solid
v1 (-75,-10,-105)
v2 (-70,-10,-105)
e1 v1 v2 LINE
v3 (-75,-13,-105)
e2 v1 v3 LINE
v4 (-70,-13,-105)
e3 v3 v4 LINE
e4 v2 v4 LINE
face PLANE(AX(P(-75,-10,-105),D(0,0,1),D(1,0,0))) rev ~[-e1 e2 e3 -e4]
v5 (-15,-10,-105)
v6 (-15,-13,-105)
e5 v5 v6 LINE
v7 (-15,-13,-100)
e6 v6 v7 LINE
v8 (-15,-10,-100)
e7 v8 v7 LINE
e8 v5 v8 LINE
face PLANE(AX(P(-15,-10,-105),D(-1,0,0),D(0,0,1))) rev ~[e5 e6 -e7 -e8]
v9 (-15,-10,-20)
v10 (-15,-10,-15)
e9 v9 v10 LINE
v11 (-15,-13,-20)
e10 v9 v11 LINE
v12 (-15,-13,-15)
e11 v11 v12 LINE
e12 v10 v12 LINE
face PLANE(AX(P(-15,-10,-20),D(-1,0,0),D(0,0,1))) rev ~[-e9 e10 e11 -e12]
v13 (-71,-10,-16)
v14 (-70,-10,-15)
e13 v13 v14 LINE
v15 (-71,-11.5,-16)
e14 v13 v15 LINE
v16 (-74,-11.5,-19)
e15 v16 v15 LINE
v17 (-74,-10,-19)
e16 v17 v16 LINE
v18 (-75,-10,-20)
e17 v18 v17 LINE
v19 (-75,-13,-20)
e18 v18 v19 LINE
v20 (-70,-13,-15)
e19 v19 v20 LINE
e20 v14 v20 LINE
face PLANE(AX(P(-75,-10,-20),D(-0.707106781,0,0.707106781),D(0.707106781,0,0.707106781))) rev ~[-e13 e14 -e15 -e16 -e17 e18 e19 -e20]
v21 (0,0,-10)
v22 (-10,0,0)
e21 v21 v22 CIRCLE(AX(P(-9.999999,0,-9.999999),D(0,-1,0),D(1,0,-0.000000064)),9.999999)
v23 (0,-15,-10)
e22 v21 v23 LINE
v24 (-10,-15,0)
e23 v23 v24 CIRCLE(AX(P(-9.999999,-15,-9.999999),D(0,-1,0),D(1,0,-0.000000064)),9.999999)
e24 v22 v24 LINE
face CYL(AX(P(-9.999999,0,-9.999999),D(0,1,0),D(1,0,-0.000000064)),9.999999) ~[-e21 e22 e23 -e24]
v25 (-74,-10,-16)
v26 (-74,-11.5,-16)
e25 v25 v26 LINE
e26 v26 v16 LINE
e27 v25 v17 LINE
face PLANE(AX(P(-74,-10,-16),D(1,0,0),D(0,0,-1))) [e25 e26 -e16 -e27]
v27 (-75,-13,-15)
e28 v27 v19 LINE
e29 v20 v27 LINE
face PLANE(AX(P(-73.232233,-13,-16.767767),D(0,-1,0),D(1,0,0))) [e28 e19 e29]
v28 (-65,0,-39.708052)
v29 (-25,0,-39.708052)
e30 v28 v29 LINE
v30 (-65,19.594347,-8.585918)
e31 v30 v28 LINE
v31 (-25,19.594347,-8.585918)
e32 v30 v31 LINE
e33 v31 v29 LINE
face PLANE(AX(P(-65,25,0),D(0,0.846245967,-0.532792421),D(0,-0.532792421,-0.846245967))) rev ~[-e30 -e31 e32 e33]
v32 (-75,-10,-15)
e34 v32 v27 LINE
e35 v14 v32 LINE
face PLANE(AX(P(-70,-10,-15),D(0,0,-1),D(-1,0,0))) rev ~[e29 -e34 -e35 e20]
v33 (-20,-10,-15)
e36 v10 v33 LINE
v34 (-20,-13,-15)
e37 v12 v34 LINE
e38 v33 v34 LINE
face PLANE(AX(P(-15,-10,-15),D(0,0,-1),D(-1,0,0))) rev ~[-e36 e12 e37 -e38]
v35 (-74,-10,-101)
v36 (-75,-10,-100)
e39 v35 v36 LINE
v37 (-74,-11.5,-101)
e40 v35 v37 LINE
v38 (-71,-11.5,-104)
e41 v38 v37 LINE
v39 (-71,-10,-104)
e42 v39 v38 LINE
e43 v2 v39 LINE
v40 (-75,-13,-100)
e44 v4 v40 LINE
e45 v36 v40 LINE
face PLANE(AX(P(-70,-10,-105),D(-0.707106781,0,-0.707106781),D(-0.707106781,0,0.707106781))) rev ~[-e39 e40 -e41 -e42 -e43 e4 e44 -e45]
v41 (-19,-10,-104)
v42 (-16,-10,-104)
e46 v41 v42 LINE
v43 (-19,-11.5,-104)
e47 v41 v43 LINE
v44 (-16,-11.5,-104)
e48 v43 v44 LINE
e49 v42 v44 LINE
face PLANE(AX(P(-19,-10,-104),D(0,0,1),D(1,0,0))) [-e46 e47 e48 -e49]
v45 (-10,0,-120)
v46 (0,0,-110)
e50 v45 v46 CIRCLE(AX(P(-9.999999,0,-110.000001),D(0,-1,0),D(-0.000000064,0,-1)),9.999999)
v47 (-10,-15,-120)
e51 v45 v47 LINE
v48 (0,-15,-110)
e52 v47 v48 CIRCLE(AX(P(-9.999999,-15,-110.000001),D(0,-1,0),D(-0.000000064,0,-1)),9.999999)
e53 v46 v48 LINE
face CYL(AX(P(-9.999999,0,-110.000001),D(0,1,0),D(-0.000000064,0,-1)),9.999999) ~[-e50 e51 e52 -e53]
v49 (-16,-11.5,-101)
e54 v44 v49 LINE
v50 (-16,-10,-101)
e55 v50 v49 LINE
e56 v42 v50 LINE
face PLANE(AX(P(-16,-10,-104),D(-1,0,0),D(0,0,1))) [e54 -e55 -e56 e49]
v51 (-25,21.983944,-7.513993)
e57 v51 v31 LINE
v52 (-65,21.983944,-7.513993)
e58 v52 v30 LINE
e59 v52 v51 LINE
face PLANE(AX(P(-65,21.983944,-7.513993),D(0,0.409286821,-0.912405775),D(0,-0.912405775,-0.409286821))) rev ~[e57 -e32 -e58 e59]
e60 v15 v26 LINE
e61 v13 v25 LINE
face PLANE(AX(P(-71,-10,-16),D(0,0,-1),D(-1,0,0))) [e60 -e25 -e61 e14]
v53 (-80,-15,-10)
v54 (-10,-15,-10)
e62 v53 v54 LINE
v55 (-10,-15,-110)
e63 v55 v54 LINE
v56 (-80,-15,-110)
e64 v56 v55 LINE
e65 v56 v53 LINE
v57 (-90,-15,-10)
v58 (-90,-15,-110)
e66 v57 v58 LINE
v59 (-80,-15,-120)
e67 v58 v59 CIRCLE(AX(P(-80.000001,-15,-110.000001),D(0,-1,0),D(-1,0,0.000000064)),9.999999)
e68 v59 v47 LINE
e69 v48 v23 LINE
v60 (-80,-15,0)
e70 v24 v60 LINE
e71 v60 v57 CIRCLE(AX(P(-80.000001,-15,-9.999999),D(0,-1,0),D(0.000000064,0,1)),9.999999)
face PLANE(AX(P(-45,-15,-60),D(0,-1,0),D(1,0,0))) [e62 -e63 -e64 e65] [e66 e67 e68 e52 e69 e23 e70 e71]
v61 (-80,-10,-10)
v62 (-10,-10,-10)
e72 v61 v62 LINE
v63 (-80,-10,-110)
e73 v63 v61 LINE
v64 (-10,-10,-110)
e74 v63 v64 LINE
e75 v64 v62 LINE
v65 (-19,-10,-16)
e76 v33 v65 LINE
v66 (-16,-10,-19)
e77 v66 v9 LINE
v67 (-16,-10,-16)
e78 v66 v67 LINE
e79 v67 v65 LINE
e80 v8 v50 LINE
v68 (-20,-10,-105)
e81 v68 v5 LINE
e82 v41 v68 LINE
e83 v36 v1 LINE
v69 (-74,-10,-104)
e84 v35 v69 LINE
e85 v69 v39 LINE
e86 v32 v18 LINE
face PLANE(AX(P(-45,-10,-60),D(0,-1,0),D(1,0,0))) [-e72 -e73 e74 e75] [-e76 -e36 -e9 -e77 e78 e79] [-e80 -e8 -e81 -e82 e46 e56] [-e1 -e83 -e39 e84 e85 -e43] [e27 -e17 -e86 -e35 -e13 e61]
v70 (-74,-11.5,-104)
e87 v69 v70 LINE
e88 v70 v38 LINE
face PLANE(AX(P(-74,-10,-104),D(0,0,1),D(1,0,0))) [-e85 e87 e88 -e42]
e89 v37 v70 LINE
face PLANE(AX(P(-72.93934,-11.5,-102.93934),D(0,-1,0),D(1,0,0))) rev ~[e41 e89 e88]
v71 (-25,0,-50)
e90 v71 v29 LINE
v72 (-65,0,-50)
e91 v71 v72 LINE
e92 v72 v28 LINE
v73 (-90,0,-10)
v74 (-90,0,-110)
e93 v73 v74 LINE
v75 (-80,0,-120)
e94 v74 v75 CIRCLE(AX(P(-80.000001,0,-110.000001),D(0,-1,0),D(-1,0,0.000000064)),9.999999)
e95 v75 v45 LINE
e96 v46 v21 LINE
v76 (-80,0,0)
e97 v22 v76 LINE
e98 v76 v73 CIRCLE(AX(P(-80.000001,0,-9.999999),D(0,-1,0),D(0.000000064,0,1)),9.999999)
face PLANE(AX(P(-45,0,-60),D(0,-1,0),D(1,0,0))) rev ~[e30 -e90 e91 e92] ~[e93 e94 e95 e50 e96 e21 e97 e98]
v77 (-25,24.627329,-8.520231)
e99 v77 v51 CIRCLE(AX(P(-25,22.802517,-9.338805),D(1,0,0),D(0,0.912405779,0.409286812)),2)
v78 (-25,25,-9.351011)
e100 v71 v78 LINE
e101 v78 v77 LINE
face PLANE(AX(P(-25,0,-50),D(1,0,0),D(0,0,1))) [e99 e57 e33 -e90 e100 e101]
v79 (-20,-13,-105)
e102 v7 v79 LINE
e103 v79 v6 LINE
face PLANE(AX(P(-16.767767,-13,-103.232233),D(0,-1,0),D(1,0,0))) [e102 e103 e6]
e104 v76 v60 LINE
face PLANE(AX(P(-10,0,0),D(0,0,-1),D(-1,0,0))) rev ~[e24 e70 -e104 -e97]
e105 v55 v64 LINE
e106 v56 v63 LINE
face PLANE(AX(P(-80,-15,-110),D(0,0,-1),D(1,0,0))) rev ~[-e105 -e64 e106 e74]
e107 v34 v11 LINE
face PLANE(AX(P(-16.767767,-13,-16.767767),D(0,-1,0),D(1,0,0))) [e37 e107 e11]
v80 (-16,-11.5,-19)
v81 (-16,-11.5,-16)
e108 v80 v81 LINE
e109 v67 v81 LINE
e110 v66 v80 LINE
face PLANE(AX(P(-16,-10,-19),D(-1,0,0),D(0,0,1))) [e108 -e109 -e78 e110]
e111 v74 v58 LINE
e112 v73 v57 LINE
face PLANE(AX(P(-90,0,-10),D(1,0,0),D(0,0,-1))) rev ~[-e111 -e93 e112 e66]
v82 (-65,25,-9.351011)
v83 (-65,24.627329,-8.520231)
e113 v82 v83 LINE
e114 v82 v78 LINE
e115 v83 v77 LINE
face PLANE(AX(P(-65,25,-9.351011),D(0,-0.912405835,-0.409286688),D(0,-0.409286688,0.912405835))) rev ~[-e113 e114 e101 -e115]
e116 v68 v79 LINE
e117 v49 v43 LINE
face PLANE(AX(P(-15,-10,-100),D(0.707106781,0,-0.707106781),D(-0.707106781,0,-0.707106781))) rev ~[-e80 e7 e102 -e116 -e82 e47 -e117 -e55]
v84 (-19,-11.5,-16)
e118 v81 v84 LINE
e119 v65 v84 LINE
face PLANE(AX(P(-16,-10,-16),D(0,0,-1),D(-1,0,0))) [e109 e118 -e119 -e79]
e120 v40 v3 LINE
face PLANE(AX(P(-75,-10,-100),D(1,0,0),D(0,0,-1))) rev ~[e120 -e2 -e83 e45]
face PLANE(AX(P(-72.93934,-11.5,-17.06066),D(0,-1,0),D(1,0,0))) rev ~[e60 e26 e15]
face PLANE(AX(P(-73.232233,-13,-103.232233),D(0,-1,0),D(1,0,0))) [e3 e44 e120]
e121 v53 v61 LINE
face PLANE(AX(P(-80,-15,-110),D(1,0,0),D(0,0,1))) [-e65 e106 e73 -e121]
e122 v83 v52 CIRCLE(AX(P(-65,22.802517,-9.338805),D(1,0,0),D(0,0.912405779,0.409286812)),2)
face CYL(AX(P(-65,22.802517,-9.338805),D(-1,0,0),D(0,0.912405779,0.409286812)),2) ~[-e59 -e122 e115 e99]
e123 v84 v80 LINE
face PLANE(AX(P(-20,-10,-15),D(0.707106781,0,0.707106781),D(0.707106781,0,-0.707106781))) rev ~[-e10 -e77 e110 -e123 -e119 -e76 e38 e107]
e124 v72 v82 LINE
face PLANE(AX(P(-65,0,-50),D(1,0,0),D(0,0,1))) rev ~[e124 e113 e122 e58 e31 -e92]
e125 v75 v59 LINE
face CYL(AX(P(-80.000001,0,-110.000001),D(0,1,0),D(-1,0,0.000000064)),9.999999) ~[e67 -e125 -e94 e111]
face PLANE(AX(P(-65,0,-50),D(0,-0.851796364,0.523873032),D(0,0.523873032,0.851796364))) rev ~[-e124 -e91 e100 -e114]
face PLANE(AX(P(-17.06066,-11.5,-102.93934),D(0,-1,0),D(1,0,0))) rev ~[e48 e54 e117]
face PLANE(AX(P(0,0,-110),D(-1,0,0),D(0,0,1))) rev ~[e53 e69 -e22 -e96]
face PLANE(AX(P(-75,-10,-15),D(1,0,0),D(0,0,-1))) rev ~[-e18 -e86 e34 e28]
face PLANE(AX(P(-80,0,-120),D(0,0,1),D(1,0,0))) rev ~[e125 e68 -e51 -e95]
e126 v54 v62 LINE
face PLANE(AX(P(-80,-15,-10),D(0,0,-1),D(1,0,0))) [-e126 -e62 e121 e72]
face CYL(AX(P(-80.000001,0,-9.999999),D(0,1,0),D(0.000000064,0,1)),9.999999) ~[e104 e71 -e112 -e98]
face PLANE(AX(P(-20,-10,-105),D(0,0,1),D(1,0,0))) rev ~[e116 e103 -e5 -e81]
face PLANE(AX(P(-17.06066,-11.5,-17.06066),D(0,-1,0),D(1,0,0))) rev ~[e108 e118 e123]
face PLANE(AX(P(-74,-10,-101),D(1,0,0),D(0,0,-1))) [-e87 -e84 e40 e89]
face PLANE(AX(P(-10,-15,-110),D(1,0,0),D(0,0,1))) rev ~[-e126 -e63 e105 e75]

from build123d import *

# Parameters (mm, degrees)
F1_DEPTH  = 15
F2_W      = 70
F2_H      = 100
F3_DEPTH  = 5
F4_W      = 40
F4_H      = 50
F5_DEPTH  = 25
F7_DEPTH  = 40
F9_DEPTH  = 40
F11_DEPTH = 3
F13_DEPTH = 1.5
F14_DEPTH = 1.5


with BuildPart() as f1:
    # F0 (on Front) → F1 (new body)
    with BuildSketch(Plane.XZ):
        with BuildLine():
            ThreePointArc((-80, 0), (-87.071068, -2.928932), (-90, -10))
            Line((-90, -10), (-90, -110))
            ThreePointArc((-90, -110), (-87.071068, -117.071068), (-80, -120))
            Line((-80, -120), (-10, -120))
            ThreePointArc((-10, -120), (-2.928932, -117.071068), (0, -110))
            Line((0, -110), (0, -10))
            ThreePointArc((0, -10), (-2.928932, -2.928932), (-10, 0))
            Line((-10, 0), (-80, 0))
        make_face()
    extrude(amount=F1_DEPTH)

    # F2 (on face) → F3 (cut)
    with BuildSketch(Plane.XZ.offset(15)):
        with Locations((-45, -60)):
            Rectangle(F2_W, F2_H)
    extrude(amount=-F3_DEPTH, mode=Mode.SUBTRACT)

    # F4 (on face) → F5 (join)
    with BuildSketch(Plane(origin=(0, 0, 0), x_dir=(-1, 0, 0), z_dir=(0, 1, 0))):
        with Locations((45, -25)):
            Rectangle(F4_W, F4_H)
    extrude(amount=F5_DEPTH)

    # F6 (on face) → F7 (cut)
    with BuildSketch(Plane(origin=(-65, 0, 0), x_dir=(0, -1, 0), z_dir=(-1, 0, 0))):
        Polygon((0, -39.708052), (0, 0), (-25, 0), align=None)
        Polygon((-25, -9.351011), (-25, -50), (0, -50), align=None)
    extrude(amount=-F7_DEPTH, mode=Mode.SUBTRACT)

    # F8 (on face) → F9 (cut)
    with BuildSketch(Plane(origin=(-65, 0, 0), x_dir=(0, -1, 0), z_dir=(-1, 0, 0))):
        with BuildLine():
            Line((-19.594347, -8.585918), (-25, 0))
            Line((-25, 0), (-25, -9.351011))
            Line((-25, -9.351011), (-24.627329, -8.520231))
            ThreePointArc((-24.627329, -8.520231), (-23.514035, -7.469649), (-21.983944, -7.513993))
            Line((-21.983944, -7.513993), (-19.594347, -8.585918))
        make_face()
    extrude(amount=-F9_DEPTH, mode=Mode.SUBTRACT)

    # F10 (on face) → F11 (join)
    with BuildSketch(Plane.XZ.offset(10)):
        Polygon((-20, -15), (-15, -20), (-15, -15), align=None)
        Polygon((-70, -105), (-75, -100), (-75, -105), align=None)
        Polygon((-75, -20), (-70, -15), (-75, -15), align=None)
        Polygon((-15, -100), (-20, -105), (-15, -105), align=None)
    extrude(amount=F11_DEPTH)

    # F12 (on face) → F13 (cut)
    with BuildSketch(Plane.XZ.offset(10)):
        Polygon((-74, -19), (-71, -16), (-74, -16), align=None)
        Polygon((-19, -16), (-16, -19), (-16, -16), align=None)
        Polygon((-71, -104), (-74, -101), (-74, -104), align=None)
        Polygon((-16, -101), (-19, -104), (-16, -104), align=None)
    extrude(amount=F13_DEPTH, mode=Mode.SUBTRACT)

    # F12 (on face) → F14 (cut)
    with BuildSketch(Plane.XZ.offset(10)):
        Polygon((-74, -19), (-71, -16), (-74, -16), align=None)
        Polygon((-19, -16), (-16, -19), (-16, -16), align=None)
        Polygon((-71, -104), (-74, -101), (-74, -104), align=None)
        Polygon((-16, -101), (-19, -104), (-16, -104), align=None)
    extrude(amount=F14_DEPTH, mode=Mode.SUBTRACT)


solid = f1.part
